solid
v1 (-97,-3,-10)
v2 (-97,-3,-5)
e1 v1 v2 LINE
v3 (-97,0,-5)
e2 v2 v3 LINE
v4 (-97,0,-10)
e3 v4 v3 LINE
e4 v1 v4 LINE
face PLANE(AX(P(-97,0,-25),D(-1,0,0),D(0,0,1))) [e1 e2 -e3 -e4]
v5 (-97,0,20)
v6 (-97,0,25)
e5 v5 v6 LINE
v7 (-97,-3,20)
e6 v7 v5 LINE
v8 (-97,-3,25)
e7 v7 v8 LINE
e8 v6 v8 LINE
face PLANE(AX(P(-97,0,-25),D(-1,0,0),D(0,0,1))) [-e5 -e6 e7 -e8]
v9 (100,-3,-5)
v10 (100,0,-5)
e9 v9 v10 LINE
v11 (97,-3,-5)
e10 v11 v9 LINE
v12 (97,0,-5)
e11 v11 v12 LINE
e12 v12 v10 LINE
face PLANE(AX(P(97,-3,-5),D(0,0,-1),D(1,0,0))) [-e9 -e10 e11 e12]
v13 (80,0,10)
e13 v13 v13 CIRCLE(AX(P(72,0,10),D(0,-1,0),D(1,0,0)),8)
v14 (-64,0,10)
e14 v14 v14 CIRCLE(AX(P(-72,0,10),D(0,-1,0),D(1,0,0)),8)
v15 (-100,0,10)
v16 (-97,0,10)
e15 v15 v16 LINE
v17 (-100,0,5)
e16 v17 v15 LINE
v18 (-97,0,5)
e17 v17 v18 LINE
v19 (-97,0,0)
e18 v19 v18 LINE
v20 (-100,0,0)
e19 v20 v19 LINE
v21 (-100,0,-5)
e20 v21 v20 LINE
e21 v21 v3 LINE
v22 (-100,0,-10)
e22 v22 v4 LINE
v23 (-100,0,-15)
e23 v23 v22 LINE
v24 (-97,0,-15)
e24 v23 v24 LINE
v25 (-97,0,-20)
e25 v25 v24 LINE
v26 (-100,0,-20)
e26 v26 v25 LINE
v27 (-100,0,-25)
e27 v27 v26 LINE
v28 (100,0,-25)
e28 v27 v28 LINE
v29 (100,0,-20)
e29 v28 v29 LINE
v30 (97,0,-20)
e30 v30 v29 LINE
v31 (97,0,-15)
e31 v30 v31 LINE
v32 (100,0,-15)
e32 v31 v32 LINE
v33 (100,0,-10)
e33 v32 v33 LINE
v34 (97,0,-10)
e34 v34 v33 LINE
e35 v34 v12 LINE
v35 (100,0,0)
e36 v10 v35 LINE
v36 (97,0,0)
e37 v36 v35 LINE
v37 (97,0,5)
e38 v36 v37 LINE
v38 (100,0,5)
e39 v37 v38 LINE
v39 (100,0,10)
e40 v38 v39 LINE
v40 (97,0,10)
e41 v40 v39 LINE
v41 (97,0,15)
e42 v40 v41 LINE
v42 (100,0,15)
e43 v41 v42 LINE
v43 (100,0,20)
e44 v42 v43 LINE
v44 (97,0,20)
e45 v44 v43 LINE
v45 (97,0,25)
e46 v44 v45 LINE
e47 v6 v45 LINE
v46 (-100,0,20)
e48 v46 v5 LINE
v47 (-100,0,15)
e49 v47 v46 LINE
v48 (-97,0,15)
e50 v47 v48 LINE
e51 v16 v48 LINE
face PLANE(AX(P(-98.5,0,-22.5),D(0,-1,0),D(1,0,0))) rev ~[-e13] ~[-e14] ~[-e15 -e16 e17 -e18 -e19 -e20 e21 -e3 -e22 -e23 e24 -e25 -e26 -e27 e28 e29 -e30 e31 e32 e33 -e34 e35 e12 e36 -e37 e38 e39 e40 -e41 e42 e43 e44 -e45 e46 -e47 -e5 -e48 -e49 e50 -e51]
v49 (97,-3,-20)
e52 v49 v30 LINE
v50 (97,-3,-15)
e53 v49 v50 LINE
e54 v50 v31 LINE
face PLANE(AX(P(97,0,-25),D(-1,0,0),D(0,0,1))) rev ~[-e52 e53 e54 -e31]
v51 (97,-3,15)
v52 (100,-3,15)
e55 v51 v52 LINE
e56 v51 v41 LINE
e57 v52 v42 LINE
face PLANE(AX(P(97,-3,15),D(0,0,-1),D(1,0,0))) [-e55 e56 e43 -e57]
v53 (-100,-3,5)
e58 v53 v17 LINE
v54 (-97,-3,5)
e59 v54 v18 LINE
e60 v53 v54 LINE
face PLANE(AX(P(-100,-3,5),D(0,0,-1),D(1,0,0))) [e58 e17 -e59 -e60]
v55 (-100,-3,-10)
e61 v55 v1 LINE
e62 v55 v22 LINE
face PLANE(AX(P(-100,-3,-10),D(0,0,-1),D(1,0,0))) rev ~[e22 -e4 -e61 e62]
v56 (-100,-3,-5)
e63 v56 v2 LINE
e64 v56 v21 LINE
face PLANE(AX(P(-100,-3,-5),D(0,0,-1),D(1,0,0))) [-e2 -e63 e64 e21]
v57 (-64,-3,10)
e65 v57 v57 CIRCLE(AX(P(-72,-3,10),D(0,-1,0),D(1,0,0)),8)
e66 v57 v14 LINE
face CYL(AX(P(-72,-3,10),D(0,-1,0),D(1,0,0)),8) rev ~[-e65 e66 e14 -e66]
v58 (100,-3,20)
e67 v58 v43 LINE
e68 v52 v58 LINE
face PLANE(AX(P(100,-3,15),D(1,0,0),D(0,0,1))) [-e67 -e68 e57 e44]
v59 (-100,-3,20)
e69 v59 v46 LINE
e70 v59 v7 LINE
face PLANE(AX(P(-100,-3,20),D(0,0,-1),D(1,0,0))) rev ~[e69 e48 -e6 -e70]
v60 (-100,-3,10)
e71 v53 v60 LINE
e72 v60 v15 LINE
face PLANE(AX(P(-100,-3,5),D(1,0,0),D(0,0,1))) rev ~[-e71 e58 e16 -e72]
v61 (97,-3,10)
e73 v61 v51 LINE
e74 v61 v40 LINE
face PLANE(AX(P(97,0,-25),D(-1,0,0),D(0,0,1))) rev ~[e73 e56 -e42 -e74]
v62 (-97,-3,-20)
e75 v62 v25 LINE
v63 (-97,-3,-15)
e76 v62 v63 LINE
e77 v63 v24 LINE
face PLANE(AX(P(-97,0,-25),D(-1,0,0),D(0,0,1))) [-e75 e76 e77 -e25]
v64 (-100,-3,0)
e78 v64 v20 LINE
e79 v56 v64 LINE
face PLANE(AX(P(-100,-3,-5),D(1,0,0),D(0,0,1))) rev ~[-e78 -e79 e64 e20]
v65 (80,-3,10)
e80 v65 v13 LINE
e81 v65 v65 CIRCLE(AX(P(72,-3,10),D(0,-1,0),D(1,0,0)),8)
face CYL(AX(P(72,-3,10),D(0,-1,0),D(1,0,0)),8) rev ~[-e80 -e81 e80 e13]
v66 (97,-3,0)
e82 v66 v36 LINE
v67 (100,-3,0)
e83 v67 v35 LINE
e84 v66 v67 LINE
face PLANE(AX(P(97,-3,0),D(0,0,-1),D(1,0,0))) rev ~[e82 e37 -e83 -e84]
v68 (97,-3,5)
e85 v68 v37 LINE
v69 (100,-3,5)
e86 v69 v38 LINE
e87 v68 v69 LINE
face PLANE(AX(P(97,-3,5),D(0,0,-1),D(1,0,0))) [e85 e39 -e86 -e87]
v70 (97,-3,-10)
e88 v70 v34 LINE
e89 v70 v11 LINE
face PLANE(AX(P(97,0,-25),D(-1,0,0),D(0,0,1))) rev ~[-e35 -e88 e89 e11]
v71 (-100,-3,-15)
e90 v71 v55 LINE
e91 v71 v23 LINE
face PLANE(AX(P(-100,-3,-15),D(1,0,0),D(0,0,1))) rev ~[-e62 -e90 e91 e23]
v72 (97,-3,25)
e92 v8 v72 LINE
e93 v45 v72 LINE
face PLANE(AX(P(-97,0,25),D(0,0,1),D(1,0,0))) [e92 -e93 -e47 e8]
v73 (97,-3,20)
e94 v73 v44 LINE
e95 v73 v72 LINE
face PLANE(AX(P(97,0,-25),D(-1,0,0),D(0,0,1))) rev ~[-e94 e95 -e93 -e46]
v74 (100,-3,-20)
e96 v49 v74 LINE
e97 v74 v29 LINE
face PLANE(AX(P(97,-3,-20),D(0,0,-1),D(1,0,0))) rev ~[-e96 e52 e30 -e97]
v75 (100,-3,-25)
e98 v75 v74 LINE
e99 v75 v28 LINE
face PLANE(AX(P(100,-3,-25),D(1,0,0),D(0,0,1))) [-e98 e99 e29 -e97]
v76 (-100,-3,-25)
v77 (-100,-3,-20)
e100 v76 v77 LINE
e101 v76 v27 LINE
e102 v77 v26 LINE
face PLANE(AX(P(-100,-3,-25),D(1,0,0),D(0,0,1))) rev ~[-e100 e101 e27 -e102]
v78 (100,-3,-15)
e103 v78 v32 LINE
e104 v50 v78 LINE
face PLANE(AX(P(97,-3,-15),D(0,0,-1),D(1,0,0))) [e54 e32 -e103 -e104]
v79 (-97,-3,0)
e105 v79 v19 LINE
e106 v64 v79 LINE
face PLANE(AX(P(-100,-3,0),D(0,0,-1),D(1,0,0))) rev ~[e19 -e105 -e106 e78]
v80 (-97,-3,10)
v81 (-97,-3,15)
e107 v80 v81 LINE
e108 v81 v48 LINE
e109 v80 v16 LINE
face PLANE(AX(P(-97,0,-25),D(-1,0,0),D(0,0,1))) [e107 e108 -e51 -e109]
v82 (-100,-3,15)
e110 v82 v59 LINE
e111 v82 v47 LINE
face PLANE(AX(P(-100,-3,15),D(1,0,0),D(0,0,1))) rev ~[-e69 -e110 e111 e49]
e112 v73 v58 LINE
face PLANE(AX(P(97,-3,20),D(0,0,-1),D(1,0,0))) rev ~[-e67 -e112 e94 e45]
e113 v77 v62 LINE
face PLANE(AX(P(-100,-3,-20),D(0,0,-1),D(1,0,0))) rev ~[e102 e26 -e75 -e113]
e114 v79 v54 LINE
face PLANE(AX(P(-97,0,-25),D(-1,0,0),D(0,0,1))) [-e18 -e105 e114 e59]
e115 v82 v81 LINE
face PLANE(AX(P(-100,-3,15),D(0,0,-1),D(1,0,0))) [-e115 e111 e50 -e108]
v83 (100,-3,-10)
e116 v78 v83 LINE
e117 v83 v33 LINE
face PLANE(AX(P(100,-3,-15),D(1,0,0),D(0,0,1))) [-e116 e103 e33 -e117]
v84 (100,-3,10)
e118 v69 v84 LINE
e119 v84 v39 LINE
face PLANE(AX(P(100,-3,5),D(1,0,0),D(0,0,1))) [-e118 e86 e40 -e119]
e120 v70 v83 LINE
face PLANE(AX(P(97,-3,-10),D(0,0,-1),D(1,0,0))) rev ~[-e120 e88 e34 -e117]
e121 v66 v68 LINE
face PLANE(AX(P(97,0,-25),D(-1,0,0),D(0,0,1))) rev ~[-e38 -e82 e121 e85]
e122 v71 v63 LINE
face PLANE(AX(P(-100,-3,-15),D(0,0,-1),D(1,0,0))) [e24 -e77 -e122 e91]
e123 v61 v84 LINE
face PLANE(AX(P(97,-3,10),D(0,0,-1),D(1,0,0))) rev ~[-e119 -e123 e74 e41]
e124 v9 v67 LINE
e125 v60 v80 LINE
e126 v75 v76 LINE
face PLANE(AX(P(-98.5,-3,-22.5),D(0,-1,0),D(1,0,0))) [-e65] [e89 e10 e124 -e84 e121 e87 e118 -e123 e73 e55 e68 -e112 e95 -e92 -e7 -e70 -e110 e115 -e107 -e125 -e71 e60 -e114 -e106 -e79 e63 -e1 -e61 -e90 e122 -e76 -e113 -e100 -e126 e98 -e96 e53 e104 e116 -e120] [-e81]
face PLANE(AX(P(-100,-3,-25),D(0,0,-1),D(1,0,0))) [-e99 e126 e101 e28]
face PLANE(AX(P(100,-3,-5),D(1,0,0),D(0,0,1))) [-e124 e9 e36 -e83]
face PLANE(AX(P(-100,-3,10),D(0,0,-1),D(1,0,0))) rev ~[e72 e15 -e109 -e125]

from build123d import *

# Parameters (mm, degrees)
F0_W     = 194
F0_H     = 50
F1_DEPTH = 3
F2_W     = 3
F2_H     = 5
F3_DEPTH = 3
F4_R     = 8
F5_DEPTH = 25


with BuildPart() as f1:
    # F0 (on Front) → F1 (new body)
    with BuildSketch(Plane.XZ):
        Rectangle(F0_W, F0_H)
    extrude(amount=F1_DEPTH)

    # F2 (on face) → F3 (join)
    with BuildSketch(Plane.XZ.offset(3)):
        with Locations((-98.5, 17.5)):
            Rectangle(F2_W, F2_H)
        with Locations((-98.5, 7.5)):
            Rectangle(F2_W, F2_H)
        with Locations((-98.5, -2.5)):
            Rectangle(F2_W, F2_H)
        with Locations((-98.5, -12.5)):
            Rectangle(F2_W, F2_H)
        with Locations((-98.5, -22.5)):
            Rectangle(F2_W, F2_H)
        with Locations((98.5, 7.5)):
            Rectangle(F2_W, F2_H)
        with Locations((98.5, 17.5)):
            Rectangle(F2_W, F2_H)
        with Locations((98.5, -2.5)):
            Rectangle(F2_W, F2_H)
        with Locations((98.5, -12.5)):
            Rectangle(F2_W, F2_H)
        with Locations((98.5, -22.5)):
            Rectangle(F2_W, F2_H)
    extrude(amount=-F3_DEPTH)

    # F4 (on face) → F5 (cut)
    with BuildSketch(Plane.XZ.offset(3)):
        with Locations((-72, 10)):
            Circle(F4_R)
        with Locations((72, 10)):
            Circle(F4_R)
    extrude(amount=-F5_DEPTH, mode=Mode.SUBTRACT)


solid = f1.part
